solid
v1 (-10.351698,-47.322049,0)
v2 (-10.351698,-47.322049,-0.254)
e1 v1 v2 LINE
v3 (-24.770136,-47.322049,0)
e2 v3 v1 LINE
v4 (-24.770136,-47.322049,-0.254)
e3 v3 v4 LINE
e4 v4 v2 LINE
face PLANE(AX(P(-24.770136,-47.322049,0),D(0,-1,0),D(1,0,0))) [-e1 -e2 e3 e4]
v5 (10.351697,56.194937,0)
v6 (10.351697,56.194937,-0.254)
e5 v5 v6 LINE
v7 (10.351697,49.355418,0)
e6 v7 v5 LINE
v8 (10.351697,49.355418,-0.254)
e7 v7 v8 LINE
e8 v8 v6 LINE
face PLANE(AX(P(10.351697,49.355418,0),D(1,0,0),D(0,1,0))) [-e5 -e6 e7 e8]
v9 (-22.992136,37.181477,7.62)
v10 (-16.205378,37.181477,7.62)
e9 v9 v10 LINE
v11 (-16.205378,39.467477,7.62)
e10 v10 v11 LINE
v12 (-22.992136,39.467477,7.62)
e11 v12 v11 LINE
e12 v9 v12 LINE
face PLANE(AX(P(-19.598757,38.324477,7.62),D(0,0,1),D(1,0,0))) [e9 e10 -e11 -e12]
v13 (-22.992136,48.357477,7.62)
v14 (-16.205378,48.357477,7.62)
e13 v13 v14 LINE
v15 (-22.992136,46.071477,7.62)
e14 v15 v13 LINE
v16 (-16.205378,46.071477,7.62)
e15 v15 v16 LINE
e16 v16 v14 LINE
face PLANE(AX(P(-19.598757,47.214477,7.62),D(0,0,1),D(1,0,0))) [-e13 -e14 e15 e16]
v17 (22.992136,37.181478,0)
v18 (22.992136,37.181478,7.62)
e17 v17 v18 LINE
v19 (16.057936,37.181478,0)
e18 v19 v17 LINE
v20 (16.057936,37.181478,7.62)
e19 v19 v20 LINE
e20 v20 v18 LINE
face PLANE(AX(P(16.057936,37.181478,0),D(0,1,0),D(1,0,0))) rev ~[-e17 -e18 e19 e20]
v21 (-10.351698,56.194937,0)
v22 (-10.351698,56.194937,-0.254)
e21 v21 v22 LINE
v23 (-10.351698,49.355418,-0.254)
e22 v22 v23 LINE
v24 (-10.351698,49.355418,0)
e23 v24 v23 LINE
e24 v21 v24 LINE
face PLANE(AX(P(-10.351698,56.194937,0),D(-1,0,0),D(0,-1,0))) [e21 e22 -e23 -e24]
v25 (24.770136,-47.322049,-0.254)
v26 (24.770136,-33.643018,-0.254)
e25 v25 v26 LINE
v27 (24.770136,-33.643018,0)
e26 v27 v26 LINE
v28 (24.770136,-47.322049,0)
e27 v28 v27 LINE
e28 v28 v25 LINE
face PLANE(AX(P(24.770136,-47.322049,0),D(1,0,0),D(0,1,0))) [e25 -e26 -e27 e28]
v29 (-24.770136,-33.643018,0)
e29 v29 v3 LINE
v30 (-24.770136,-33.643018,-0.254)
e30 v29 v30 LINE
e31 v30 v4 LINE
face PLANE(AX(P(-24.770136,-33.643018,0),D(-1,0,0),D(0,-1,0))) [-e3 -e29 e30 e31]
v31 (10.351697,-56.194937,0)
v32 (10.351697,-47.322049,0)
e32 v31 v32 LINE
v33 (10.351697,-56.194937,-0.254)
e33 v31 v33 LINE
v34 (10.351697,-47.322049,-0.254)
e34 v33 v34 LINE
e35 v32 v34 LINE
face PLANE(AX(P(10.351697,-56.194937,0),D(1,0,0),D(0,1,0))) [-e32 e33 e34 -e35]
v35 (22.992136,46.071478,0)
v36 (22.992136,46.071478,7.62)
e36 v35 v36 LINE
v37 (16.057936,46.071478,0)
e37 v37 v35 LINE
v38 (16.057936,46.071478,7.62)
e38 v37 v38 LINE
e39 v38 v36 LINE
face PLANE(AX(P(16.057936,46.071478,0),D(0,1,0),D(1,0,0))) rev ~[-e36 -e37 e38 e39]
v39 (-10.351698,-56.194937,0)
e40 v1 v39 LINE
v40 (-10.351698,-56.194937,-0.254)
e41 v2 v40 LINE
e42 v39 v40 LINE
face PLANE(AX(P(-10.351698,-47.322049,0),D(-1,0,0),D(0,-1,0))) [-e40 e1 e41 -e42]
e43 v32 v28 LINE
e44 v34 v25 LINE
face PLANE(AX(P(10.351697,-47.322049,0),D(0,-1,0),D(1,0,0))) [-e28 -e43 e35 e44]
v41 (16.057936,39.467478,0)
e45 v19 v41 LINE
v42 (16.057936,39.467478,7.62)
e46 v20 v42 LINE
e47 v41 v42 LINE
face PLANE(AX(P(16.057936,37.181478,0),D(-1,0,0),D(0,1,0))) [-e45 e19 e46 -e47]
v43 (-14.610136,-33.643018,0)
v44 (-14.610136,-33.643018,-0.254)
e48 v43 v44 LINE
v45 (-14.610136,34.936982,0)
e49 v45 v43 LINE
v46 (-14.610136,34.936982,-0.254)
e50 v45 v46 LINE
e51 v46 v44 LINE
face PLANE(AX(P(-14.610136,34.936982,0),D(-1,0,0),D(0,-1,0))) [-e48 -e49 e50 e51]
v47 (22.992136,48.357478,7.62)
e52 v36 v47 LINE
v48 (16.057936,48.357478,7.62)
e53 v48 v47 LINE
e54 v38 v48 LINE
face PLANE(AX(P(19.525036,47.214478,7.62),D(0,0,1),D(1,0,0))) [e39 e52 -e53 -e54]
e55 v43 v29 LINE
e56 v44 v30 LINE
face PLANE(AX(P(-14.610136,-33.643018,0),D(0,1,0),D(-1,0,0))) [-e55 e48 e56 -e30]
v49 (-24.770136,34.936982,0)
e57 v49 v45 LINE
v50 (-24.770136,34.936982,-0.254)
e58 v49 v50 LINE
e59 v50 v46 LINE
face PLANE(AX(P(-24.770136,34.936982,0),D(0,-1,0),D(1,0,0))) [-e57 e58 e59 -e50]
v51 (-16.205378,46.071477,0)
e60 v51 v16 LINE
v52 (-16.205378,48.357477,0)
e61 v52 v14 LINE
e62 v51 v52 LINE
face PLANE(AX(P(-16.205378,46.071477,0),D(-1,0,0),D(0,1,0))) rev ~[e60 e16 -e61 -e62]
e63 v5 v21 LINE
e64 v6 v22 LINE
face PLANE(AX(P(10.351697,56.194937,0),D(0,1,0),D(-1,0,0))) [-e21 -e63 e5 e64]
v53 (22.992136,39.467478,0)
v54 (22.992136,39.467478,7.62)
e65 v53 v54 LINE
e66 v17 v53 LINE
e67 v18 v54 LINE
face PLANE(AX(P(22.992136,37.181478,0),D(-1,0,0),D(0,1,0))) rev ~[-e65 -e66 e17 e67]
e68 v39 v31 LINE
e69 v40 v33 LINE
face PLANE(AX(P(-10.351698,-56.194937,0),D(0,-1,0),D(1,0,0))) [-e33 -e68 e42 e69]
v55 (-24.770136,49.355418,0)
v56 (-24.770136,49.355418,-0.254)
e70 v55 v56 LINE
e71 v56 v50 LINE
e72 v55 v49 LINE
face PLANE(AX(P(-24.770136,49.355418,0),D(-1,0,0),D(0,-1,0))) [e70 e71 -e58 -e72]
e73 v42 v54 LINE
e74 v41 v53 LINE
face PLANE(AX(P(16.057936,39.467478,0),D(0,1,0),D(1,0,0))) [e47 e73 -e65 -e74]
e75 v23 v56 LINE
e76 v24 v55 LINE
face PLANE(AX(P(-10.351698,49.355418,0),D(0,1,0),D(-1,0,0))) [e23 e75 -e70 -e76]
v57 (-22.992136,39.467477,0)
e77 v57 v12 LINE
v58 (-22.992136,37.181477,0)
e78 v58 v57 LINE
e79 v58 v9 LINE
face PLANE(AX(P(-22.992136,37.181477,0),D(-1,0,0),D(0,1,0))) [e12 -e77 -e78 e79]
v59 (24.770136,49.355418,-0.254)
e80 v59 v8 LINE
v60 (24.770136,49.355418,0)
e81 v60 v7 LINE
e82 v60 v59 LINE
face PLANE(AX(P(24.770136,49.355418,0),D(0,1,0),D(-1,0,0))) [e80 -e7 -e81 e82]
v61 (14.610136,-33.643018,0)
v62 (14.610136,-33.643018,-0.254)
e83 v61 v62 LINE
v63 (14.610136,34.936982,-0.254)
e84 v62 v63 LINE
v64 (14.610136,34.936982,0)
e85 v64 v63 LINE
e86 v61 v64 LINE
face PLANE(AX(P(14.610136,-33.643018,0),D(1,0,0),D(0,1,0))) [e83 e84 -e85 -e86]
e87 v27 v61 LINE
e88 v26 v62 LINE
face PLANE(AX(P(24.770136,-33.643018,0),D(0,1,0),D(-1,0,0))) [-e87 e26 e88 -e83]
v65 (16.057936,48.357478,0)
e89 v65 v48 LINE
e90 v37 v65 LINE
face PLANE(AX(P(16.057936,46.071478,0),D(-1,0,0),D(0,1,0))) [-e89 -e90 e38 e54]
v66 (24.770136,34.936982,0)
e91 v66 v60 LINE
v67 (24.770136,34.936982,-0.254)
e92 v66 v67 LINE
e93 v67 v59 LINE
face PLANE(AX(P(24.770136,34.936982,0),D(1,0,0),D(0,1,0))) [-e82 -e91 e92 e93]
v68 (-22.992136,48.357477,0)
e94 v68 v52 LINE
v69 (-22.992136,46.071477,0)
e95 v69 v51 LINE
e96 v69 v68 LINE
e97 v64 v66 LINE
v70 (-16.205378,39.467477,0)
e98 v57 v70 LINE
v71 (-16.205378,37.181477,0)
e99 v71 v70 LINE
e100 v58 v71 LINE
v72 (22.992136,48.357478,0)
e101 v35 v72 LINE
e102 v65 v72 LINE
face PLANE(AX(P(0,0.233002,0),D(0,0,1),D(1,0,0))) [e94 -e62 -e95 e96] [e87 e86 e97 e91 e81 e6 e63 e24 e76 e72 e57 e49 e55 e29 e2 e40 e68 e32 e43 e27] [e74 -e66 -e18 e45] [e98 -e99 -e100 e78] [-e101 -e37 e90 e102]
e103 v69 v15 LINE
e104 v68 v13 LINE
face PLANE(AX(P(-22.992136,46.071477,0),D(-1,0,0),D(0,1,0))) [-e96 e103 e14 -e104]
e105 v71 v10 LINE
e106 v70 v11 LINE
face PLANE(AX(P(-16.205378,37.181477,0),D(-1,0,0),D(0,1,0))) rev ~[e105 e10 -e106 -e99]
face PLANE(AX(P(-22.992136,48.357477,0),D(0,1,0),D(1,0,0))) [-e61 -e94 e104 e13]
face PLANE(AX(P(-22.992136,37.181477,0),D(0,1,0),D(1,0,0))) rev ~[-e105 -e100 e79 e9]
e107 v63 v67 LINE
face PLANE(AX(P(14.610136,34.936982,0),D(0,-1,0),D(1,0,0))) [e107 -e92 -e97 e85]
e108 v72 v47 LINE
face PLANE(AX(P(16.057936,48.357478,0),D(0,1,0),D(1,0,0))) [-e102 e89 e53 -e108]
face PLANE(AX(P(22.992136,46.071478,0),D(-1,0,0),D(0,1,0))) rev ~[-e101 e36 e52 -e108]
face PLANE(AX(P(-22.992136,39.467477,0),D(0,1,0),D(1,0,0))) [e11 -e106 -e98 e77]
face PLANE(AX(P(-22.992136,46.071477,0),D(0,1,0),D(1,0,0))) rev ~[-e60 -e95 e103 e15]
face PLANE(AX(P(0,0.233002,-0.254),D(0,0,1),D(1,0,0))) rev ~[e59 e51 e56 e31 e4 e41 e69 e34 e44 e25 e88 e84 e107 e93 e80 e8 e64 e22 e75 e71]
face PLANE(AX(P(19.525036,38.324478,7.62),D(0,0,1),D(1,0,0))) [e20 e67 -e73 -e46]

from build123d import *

# Parameters (mm, degrees)
F1_DEPTH = 0.254
F2_W     = 6.786758
F2_H     = 2.286
F2_W_2   = 6.9342
F3_DEPTH = 7.62


with BuildPart() as f1:
    # F0 (on Top) → F1 (new body)
    with BuildSketch(Plane.XY):
        Polygon((-10.351698, -56.194937), (10.351697, -56.194937), (10.351697, -47.322049), (24.770136, -47.322049), (24.770136, -33.643018), (14.610136, -33.643018), (14.610136, 34.936982), (24.770136, 34.936982), (24.770136, 49.355418), (10.351697, 49.355418), (10.351697, 56.194937), (-10.351698, 56.194937), (-10.351698, 49.355418), (-24.770136, 49.355418), (-24.770136, 34.936982), (-14.610136, 34.936982), (-14.610136, -33.643018), (-24.770136, -33.643018), (-24.770136, -47.322049), (-10.351698, -47.322049), align=None)
    extrude(amount=-F1_DEPTH)

    # F2 (on face) → F3 (join)
    with BuildSketch(Plane.XY):
        with Locations((-19.598757, 47.214477)):
            Rectangle(F2_W, F2_H)
        with Locations((-19.598757, 38.324477)):
            Rectangle(F2_W, F2_H)
        with Locations((19.525036, 38.324478)):
            Rectangle(F2_W_2, F2_H)
        with Locations((19.525036, 47.214478)):
            Rectangle(F2_W_2, F2_H)
    extrude(amount=F3_DEPTH)


solid = f1.part
